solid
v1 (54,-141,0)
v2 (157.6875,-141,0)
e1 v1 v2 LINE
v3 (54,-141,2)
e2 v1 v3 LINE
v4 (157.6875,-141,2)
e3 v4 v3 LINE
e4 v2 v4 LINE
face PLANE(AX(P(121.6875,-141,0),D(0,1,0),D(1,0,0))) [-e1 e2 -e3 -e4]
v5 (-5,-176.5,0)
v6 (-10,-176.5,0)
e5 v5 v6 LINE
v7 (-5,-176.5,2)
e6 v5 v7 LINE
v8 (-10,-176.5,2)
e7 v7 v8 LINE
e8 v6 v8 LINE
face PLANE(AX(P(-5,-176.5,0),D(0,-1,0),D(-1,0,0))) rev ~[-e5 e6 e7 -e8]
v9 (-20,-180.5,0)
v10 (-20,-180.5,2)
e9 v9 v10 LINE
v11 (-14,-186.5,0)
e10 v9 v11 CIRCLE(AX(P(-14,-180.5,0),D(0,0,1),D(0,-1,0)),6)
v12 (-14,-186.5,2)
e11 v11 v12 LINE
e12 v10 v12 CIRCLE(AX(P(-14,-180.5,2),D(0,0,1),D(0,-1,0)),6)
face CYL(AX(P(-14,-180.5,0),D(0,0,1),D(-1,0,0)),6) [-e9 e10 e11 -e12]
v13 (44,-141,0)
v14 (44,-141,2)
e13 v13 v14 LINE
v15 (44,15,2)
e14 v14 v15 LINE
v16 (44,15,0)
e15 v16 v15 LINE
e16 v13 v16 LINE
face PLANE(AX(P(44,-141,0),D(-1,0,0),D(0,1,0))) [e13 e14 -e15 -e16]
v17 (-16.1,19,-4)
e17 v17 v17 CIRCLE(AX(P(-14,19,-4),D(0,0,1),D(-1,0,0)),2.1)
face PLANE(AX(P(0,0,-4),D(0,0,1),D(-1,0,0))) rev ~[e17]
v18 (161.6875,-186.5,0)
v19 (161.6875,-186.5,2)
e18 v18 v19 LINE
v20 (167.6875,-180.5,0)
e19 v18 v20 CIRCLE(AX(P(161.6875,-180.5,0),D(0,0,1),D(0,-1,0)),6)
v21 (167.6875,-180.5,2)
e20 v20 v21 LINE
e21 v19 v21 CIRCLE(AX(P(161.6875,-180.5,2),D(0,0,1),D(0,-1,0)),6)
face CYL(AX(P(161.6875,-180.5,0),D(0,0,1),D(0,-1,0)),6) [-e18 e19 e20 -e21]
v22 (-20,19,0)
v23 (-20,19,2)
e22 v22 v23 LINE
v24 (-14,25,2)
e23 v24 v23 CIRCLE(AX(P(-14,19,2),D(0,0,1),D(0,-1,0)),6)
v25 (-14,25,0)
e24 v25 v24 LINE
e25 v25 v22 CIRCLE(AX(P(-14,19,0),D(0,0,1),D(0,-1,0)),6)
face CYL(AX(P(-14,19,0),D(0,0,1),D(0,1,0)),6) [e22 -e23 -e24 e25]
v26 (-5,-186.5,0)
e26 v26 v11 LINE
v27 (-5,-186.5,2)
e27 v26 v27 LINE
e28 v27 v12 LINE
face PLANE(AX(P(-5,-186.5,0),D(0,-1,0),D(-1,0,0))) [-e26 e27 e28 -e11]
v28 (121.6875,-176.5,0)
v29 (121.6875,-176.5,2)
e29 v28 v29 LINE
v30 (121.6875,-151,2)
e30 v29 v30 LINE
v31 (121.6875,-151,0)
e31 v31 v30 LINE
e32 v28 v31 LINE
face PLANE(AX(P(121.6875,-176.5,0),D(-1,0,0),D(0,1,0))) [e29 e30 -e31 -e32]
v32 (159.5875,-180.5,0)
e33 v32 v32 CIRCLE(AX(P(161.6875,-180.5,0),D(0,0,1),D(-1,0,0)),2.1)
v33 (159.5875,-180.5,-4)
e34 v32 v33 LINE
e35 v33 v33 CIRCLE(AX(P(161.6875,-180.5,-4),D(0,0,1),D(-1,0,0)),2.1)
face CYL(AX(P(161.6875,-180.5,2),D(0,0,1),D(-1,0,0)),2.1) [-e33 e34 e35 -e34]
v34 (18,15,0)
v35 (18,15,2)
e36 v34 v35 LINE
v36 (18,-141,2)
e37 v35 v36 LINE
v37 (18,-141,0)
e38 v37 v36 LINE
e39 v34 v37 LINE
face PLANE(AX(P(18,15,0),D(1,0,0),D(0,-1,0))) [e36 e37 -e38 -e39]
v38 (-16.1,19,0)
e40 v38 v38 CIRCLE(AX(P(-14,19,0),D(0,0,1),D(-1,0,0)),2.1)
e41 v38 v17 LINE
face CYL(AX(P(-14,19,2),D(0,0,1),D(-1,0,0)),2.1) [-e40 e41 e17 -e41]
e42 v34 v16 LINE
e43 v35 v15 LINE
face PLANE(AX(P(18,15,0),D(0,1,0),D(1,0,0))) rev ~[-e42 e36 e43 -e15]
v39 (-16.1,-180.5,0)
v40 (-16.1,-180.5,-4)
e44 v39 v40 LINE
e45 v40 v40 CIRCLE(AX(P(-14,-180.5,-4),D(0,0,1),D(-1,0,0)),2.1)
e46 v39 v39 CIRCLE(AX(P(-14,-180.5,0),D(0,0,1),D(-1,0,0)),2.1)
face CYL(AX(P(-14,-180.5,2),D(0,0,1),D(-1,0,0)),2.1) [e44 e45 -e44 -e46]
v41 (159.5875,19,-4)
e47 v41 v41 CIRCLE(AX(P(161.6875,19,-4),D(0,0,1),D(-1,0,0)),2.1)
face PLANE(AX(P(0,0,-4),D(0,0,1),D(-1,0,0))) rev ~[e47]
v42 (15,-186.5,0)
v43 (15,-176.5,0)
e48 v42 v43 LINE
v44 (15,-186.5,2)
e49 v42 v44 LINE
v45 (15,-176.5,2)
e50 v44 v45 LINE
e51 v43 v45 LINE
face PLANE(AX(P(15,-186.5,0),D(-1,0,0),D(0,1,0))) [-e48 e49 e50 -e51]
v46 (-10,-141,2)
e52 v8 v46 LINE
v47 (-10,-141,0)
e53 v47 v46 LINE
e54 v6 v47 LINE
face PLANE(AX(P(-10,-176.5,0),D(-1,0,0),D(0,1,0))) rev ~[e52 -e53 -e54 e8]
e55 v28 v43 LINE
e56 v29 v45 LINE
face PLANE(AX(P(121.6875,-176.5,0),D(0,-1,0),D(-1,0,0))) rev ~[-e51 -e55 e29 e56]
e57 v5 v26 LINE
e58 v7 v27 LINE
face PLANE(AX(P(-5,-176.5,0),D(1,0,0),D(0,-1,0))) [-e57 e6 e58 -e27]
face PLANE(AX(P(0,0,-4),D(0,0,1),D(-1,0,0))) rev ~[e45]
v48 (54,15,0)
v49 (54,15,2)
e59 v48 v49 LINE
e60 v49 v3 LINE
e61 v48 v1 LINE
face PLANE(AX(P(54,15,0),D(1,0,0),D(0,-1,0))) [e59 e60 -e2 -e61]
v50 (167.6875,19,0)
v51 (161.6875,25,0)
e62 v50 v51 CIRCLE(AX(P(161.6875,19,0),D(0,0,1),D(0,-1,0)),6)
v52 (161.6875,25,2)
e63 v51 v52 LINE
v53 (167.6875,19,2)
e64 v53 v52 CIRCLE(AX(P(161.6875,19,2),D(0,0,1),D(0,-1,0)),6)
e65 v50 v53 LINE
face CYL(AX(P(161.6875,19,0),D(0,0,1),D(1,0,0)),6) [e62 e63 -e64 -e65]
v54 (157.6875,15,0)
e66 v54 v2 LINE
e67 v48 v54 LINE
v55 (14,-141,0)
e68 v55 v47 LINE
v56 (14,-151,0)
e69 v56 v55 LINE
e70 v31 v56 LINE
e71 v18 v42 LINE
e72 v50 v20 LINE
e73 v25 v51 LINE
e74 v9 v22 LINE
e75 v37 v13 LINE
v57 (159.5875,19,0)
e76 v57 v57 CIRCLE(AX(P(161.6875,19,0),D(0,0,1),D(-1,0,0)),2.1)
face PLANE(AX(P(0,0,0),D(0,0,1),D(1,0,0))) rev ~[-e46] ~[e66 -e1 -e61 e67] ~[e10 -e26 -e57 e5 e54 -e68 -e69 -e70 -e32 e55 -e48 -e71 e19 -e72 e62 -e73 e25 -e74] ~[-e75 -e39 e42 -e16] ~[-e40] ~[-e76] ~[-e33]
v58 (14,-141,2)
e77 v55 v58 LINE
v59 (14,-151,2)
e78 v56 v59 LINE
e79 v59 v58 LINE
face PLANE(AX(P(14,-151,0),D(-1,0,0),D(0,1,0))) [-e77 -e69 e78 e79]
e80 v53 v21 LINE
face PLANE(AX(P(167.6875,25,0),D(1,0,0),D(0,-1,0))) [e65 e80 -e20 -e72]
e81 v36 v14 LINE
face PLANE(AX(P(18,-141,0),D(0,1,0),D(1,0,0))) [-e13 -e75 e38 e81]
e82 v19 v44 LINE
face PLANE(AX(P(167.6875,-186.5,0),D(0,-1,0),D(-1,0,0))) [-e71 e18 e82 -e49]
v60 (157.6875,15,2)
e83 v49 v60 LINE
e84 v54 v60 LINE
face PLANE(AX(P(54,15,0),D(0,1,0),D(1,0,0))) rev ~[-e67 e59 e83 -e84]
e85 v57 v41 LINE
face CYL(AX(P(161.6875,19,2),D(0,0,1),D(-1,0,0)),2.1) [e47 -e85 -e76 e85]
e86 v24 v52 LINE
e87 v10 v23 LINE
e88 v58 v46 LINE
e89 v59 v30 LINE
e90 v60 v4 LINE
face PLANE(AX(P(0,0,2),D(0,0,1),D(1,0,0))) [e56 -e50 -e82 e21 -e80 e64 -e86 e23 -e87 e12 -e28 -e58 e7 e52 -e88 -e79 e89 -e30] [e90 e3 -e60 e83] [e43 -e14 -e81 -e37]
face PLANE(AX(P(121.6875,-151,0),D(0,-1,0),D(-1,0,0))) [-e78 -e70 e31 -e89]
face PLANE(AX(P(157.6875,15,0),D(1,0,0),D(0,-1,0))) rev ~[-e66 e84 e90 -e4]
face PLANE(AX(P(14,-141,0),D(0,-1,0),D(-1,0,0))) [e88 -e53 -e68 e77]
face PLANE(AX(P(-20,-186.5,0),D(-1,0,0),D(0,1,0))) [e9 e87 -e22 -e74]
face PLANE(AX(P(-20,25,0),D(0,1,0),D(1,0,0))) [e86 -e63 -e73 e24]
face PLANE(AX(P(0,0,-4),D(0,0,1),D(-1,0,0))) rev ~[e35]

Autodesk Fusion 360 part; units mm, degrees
sketch "Sketch1" plane through (0, 0, 0) normal (0, 0, 1) x (1, 0, 0)
  line L0 (167.6875, -186.5) -> (-20, -186.5)
  line L1 (-10, 15) -> (157.6875, 15)
  line L2 (-20, -186.5) -> (-20, 25)
  line L3 (167.6875, 25) -> (167.6875, -186.5)
  line L4 (-10, -176.5) -> (-10, 15)
  line L5 (157.6875, 15) -> (157.6875, -176.5)
  line L6 (157.6875, -176.5) -> (-10, -176.5)
  line L7 (-20, 25) -> (167.6875, 25)
  line L8 (15, -176.5) -> (-5, -176.5)
  line L9 (-5, -176.5) -> (-5, -186.5)
  line L10 (-5, -186.5) -> (15, -186.5)
  line L11 (15, -186.5) -> (15, -176.5)
  line L12 (-10, 15) -> (18, 15)
  line L13 (18, 15) -> (18, -141)
  line L14 (18, -141) -> (-10, -141)
  line L15 (-10, -141) -> (-10, 15)
  line L16 (44, 15) -> (54, 15)
  line L17 (54, 15) -> (54, -141)
  line L18 (54, -141) -> (44, -141)
  line L19 (44, -141) -> (44, 15)
  line L20 (157.6875, -176.5) -> (121.6875, -176.5)
  line L21 (121.6875, -176.5) -> (121.6875, -141)
  line L22 (121.6875, -141) -> (157.6875, -141)
  line L23 (157.6875, -141) -> (157.6875, -176.5)
  line L24 (44, -141) -> (121.6875, -141)
  line L25 (121.6875, -141) -> (121.6875, -151)
  line L26 (121.6875, -151) -> (44, -151)
  line L27 (44, -151) -> (44, -141)
  line L28 (44, -151) -> (18, -151)
  line L29 (18, -151) -> (18, -141)
  line L30 (18, -141) -> (44, -141)
  line L31 (44, -141) -> (44, -151)
  line L32 (14, -141) -> (18, -141)
  line L33 (18, -141) -> (18, -151)
  line L34 (18, -151) -> (14, -151)
  line L35 (14, -151) -> (14, -141)
  dimension "d3" = 167.6875
  dimension "d4" = 191.5
  dimension "d5" = 187.6875
  dimension "d6" = 211.5
  dimension "d7" = 10
  dimension "d8" = 10
  dimension "d19" = 20
  dimension "d20" = 15
  dimension "d21" = 28
  dimension "d22" = 156
  dimension "d23" = 10
  dimension "d24" = 156
  dimension "d25" = 26
  dimension "d26" = 36
  dimension "d27" = 35.5
  dimension "d28" = 10
extrude "Extrude1" add sketch "Sketch1" along normal blind 2 contours L0 L1 L2 L3 L4 L5 L6 L7 L9 L11 L12 L15 L16 L20 L23 | L5 L6 L20 L21 L22 L23 L25 | L18 L21 L24 L25 L26 L27 L31 | L1 L4 L12 L13 L14 L15 L32 | L27 L28 L29 L30 L31 L33 | L14 L29 L32 L33 L34 L35 | L1 L16 L17 L18 L19 L24
fillet "Fillet1" radius 6 1 edges at (167.6875, -186.5, 1)
fillet "Fillet2" radius 6 1 edges at (167.6875, 25, 1)
fillet "Fillet3" radius 6 1 edges at (-20, 25, 1)
fillet "Fillet4" radius 6 1 edges at (-20, -186.5, 1)
sketch "Sketch2" plane through (0, 0, 2) normal (0, 0, 1) x (-1, 0, 0)
  arc A0 (20, 180.5) -> (14, 186.5) centre (14, 180.5) ccw
  line L0 (14, 186.5) -> (5, 186.5)
  line L1 (5, 186.5) -> (5, 176.5)
  line L2 (5, 176.5) -> (10, 176.5)
  line L3 (10, 176.5) -> (10, 141)
  line L4 (10, 141) -> (-14, 141)
  line L5 (-14, 141) -> (-14, 151)
  line L6 (-14, 151) -> (-121.6875, 151)
  line L7 (-121.6875, 151) -> (-121.6875, 176.5)
  line L8 (-121.6875, 176.5) -> (-15, 176.5)
  line L9 (-15, 176.5) -> (-15, 186.5)
  line L10 (-15, 186.5) -> (-161.6875, 186.5)
  arc A1 (-161.6875, 186.5) -> (-167.6875, 180.5) centre (-161.6875, 180.5) ccw
  line L11 (-167.6875, 180.5) -> (-167.6875, -19)
  arc A2 (-167.6875, -19) -> (-161.6875, -25) centre (-161.6875, -19) ccw
  line L12 (-161.6875, -25) -> (14, -25)
  arc A3 (14, -25) -> (20, -19) centre (14, -19) ccw
  line L13 (20, -19) -> (20, 180.5)
  line L14 (-18, 141) -> (-18, -15)
  line L15 (-18, -15) -> (-44, -15)
  line L16 (-44, -15) -> (-44, 141)
  line L17 (-44, 141) -> (-18, 141)
  line L18 (-54, -15) -> (-157.6875, -15)
  line L19 (-157.6875, -15) -> (-157.6875, 141)
  line L20 (-157.6875, 141) -> (-54, 141)
  line L21 (-54, 141) -> (-54, -15)
  circle A4 centre (14, -19) radius 2.1
  circle A5 centre (-161.6875, -19) radius 2.1
  circle A6 centre (-161.6875, 180.5) radius 2.1
  circle A7 centre (14, 180.5) radius 2.1
  dimension "d29" = 4.2
  dimension "d30" = 4.2
  dimension "d31" = 4.2
  dimension "d32" = 4.2
  dimension "d33" = 6
  dimension "d34" = 6
  dimension "d35" = 6
  dimension "d36" = 6
  dimension "d37" = 6
  dimension "d38" = 6
  dimension "d39" = 6
  dimension "d40" = 6
extrude "Extrude2" add sketch "Sketch2" against normal blind 6 contours A4 | A5 | A6 | A7
